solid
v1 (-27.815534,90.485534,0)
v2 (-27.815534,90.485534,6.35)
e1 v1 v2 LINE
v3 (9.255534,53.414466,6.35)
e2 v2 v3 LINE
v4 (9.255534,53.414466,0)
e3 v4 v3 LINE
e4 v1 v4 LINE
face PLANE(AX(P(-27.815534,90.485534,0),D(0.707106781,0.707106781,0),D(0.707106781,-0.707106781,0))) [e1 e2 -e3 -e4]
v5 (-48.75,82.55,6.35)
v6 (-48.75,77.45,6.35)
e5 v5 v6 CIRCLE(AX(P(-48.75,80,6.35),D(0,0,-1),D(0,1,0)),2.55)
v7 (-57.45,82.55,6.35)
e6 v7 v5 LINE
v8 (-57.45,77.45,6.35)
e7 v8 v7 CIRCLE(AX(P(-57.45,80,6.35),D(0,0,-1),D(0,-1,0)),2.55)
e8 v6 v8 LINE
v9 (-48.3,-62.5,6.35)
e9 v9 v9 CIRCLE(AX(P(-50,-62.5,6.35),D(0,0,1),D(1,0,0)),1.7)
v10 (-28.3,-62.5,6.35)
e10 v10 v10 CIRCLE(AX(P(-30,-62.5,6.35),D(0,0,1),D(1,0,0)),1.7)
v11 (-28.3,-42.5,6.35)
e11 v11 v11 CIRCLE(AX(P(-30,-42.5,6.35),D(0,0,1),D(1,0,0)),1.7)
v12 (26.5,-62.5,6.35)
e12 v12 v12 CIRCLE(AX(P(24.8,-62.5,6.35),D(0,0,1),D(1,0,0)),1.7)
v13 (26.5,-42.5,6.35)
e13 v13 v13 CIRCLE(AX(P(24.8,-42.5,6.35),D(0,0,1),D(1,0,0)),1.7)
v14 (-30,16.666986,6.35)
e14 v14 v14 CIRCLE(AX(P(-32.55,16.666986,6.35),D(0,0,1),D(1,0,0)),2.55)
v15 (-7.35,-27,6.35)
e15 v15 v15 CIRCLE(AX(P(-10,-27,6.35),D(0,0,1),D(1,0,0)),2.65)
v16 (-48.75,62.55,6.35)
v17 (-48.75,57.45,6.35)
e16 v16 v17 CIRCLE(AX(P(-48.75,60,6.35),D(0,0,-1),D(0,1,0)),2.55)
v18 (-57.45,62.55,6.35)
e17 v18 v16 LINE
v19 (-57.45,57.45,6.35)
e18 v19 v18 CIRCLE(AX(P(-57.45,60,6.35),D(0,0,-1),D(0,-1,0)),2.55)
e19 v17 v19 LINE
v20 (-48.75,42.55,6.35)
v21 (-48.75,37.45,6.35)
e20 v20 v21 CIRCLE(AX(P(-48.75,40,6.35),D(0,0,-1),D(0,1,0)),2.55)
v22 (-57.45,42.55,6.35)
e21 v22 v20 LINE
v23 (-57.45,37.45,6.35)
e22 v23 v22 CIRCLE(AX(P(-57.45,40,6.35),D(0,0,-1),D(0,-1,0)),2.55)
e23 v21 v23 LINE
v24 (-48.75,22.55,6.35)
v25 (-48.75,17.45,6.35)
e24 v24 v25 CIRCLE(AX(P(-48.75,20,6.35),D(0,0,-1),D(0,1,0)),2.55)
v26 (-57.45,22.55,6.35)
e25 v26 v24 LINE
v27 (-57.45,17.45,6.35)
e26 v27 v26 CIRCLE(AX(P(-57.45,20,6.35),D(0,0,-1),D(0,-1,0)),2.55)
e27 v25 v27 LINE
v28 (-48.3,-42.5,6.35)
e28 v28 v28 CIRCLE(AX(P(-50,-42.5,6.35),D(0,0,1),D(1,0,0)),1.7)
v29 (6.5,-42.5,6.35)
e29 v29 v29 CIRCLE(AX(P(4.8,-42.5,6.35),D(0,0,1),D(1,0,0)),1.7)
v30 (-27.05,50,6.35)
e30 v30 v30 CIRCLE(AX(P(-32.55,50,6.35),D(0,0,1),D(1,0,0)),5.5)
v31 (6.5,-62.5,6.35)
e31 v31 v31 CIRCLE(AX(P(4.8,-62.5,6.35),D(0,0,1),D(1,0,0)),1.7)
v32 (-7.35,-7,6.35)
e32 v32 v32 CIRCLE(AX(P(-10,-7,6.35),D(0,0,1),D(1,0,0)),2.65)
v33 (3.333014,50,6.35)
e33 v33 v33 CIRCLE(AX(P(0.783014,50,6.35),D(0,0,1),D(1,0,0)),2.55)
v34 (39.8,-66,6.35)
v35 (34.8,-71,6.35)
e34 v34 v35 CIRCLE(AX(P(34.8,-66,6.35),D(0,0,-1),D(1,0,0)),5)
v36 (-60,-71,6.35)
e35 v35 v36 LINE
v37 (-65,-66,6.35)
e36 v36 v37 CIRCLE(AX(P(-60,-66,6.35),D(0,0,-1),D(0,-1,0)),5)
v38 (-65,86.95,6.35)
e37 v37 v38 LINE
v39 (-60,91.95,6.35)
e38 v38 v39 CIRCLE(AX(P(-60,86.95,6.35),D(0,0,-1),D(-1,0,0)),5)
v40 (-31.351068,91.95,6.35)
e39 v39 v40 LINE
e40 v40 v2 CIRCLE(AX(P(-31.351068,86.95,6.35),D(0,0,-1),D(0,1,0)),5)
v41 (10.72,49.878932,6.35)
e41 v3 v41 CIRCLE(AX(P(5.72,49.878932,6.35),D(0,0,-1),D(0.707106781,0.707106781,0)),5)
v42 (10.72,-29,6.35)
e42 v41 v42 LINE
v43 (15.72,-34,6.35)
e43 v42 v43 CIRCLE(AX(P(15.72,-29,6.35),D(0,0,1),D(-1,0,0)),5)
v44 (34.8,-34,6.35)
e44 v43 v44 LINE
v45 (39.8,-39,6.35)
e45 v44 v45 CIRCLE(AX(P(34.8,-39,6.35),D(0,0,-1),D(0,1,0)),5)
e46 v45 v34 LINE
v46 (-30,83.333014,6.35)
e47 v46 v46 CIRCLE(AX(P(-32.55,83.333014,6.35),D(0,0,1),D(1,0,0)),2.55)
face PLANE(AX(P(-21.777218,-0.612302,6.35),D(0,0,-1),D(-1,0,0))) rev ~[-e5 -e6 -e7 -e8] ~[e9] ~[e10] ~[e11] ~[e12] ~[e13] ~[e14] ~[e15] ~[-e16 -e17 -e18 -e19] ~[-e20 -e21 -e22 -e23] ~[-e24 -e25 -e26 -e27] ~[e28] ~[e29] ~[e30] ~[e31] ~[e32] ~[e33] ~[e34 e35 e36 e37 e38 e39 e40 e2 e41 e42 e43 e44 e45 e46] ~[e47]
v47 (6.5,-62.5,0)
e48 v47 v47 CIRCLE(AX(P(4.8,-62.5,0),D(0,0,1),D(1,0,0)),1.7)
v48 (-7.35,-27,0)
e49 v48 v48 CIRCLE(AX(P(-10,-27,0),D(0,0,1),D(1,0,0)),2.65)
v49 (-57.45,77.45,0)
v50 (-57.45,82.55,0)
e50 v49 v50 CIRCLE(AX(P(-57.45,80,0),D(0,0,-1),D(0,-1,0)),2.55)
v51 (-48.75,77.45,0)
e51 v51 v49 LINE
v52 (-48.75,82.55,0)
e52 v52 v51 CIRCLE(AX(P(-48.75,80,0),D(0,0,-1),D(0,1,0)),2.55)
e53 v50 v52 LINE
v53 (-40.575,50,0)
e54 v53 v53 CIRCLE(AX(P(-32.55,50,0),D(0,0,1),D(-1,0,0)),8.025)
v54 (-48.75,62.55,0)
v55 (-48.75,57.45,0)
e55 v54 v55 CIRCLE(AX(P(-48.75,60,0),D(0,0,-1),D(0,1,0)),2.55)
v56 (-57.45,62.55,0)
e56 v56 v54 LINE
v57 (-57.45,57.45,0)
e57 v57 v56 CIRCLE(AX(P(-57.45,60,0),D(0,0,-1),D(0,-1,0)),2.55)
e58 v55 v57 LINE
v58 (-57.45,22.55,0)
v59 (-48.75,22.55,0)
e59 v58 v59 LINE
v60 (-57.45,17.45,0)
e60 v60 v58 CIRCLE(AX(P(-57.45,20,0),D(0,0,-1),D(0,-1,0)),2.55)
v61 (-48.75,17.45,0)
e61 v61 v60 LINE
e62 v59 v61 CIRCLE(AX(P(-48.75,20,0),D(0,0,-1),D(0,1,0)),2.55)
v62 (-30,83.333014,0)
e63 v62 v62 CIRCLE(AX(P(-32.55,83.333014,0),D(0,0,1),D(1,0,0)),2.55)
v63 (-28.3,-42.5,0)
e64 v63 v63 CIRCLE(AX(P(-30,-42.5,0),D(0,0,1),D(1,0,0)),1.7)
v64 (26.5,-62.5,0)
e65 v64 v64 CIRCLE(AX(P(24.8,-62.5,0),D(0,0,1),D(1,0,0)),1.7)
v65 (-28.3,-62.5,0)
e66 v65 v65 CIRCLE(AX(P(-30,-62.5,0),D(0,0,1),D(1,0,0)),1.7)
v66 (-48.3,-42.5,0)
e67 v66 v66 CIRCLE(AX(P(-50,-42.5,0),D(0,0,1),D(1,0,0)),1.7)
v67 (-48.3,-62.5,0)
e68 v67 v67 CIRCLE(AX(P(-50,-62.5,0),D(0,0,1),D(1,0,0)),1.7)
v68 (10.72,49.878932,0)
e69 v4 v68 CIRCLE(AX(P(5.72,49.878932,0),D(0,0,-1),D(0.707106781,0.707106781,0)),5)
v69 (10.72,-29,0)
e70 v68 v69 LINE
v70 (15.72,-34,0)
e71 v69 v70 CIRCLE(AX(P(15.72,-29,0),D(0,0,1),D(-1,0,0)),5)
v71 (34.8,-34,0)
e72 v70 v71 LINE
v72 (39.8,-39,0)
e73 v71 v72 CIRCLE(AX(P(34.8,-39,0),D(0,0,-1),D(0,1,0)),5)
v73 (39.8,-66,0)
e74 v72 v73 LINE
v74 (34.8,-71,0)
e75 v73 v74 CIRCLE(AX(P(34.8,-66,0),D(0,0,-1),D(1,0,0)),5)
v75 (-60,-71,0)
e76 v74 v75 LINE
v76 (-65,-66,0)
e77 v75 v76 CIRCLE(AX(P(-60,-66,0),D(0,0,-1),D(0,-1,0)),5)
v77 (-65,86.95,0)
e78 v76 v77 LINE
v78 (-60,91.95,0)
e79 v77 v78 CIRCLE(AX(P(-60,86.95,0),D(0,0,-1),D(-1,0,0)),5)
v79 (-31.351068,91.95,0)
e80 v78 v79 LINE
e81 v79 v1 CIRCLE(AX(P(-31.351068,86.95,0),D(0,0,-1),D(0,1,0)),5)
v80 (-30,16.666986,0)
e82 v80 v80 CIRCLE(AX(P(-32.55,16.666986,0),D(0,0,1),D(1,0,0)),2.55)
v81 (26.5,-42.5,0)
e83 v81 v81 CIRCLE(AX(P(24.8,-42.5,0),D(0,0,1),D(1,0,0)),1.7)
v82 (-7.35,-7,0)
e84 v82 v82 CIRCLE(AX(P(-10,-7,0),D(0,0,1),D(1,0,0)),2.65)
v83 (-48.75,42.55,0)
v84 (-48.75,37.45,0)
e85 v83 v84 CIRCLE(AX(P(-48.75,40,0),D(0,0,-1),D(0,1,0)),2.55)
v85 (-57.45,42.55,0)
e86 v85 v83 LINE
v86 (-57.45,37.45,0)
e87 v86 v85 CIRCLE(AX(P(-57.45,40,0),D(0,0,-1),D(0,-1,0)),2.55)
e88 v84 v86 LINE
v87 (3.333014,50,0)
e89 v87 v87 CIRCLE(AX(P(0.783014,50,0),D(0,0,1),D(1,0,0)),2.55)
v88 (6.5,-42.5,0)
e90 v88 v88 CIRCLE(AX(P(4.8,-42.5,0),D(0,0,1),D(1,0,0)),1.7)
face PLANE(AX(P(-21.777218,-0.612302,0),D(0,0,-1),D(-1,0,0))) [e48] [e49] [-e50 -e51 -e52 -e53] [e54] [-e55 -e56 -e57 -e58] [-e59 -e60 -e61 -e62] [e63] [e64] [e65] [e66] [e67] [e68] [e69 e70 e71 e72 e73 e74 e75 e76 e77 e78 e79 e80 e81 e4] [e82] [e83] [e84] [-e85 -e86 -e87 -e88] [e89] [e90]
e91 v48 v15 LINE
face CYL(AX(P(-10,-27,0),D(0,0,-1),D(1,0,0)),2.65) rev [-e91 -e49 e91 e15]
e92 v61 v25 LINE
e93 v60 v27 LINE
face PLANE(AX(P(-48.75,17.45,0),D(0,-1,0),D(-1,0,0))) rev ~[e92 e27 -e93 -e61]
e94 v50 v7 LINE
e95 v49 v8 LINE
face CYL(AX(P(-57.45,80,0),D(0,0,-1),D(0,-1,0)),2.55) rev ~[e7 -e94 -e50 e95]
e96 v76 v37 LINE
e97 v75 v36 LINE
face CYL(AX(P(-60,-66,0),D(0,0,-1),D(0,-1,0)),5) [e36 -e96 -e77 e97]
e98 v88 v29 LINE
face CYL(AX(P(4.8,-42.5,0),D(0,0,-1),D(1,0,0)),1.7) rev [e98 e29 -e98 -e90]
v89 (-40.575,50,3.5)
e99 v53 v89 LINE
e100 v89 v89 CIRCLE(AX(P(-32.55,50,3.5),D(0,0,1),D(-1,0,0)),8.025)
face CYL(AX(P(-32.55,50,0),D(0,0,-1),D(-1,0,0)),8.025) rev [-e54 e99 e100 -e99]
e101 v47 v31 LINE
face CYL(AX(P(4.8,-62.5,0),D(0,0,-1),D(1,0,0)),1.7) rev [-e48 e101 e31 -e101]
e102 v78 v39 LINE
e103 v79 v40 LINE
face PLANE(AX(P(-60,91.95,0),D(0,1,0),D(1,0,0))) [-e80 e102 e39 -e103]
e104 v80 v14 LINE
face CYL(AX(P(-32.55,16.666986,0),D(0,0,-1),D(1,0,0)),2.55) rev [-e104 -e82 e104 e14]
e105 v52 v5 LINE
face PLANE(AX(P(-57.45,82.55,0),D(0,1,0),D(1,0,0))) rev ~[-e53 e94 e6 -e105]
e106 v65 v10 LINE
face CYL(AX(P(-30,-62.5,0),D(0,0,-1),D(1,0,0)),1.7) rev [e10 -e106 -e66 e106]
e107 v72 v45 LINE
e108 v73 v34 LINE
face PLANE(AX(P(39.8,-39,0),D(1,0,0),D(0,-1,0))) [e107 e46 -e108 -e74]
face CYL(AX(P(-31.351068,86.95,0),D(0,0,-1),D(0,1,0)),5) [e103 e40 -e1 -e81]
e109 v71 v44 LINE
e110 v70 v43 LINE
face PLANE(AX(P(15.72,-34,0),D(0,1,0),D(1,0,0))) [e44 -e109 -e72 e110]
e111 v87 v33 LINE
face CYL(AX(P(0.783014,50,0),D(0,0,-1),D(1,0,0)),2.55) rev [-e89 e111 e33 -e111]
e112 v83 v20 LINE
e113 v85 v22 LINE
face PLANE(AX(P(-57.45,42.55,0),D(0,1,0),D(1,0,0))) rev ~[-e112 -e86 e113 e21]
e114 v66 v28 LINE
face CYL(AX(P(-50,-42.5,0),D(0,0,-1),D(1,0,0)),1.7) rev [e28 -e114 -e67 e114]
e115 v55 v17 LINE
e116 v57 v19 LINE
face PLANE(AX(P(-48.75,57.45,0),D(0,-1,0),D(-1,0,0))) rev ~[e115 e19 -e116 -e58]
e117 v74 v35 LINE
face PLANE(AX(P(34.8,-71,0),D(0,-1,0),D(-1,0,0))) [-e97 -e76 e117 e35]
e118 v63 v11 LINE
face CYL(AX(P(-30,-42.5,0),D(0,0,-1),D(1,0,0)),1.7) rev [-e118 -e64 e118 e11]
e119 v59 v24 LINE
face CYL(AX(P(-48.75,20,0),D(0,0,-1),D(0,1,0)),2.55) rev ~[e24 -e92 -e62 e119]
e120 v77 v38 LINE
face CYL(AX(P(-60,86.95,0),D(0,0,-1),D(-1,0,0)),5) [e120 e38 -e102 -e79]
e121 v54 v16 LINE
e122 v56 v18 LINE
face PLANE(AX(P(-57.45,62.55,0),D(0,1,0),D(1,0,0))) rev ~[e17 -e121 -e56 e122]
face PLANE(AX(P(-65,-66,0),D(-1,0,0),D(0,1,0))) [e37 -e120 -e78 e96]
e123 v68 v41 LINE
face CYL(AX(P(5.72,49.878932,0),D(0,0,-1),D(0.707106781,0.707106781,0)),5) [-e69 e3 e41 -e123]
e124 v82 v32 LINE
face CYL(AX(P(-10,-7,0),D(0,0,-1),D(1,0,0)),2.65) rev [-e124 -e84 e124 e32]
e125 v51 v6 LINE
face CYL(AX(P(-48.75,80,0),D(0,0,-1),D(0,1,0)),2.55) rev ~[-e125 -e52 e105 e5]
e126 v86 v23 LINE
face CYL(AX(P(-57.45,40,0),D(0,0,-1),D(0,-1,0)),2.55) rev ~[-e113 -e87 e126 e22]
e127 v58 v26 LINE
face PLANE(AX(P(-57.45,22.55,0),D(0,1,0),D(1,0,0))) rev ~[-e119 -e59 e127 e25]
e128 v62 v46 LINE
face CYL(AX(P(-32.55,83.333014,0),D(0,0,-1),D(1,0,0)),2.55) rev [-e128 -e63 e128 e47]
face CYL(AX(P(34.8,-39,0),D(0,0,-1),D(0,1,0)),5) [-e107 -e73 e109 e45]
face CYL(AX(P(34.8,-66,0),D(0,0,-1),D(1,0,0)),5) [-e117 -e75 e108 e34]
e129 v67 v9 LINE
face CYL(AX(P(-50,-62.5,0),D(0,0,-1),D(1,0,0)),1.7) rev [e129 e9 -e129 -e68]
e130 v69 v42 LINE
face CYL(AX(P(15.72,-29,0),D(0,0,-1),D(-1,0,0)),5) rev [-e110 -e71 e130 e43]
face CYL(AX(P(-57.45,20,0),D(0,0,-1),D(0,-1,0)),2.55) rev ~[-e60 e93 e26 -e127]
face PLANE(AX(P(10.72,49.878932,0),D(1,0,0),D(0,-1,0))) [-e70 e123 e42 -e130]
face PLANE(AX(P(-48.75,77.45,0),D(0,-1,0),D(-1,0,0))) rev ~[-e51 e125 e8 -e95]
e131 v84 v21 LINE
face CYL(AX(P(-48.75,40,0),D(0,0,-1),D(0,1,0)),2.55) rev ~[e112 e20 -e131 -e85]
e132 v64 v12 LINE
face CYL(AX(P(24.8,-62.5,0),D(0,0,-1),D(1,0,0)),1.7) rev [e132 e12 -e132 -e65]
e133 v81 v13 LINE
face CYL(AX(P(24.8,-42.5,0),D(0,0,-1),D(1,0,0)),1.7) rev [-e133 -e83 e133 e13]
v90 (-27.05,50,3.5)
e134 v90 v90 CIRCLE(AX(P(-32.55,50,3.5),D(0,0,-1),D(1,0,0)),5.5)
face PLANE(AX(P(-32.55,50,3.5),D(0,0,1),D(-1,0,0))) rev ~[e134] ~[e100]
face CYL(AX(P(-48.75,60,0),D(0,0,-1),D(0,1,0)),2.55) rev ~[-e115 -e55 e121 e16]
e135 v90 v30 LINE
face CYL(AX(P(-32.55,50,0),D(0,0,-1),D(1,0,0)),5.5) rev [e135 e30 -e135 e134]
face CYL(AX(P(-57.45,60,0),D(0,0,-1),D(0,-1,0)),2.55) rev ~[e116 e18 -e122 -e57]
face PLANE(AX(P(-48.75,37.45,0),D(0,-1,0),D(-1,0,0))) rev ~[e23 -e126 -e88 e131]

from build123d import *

# Parameters (mm, degrees)
CROQUIS1_R          = 1.7
CROQUIS1_R_2        = 2.65
CROQUIS1_R_3        = 5.5
CROQUIS1_R_4        = 2.55
EXTRUDE_1_DEPTH     = 6.35
EXTRUDE_START       = -6.35
CROQUIS2_R          = 8.025
EXTRUDE_CUT_1_DEPTH = 3.5


with BuildPart() as part:
    # Croquis1 → Extrude 1 (new body)
    with BuildSketch(Plane.XY):
        with BuildLine():
            Line((-65, -34), (-65, 86.95))
            ThreePointArc((-65, 86.95), (-63.535533906, 90.485533906), (-60, 91.95))
            Line((-60, 91.95), (-31.351067812, 91.95))
            ThreePointArc((-31.351067812, 91.95), (-29.43765065, 91.569397663), (-27.815533906, 90.485533906))
            Line((-27.815533906, 90.485533906), (9.255533906, 53.414466094))
            ThreePointArc((9.255533906, 53.414466094), (10.339397663, 51.79234935), (10.72, 49.878932188))
            Line((10.72, 49.878932188), (10.72, -29))
            ThreePointArc((10.72, -29), (12.184466094, -32.535533906), (15.72, -34))
            Line((15.72, -34), (34.8, -34))
            ThreePointArc((34.8, -34), (38.335533906, -35.464466094), (39.8, -39))
            Line((39.8, -39), (39.8, -66))
            ThreePointArc((39.8, -66), (38.335533906, -69.535533906), (34.8, -71))
            Line((34.8, -71), (-60, -71))
            ThreePointArc((-60, -71), (-63.535533906, -69.535533906), (-65, -66))
            Line((-65, -66), (-65, -34))
        make_face()
        with Locations((-50, -42.5)):
            Circle(CROQUIS1_R, mode=Mode.SUBTRACT)
        with Locations((-30, -42.5)):
            Circle(CROQUIS1_R, mode=Mode.SUBTRACT)
        with Locations((-30, -62.5)):
            Circle(CROQUIS1_R, mode=Mode.SUBTRACT)
        with Locations((-50, -62.5)):
            Circle(CROQUIS1_R, mode=Mode.SUBTRACT)
        with Locations((4.8, -62.5)):
            Circle(CROQUIS1_R, mode=Mode.SUBTRACT)
        with Locations((4.8, -42.5)):
            Circle(CROQUIS1_R, mode=Mode.SUBTRACT)
        with Locations((24.8, -42.5)):
            Circle(CROQUIS1_R, mode=Mode.SUBTRACT)
        with Locations((24.8, -62.5)):
            Circle(CROQUIS1_R, mode=Mode.SUBTRACT)
        with Locations((-10, -7)):
            Circle(CROQUIS1_R_2, mode=Mode.SUBTRACT)
        with Locations((-10, -27)):
            Circle(CROQUIS1_R_2, mode=Mode.SUBTRACT)
        with Locations((-32.55, 50)):
            Circle(CROQUIS1_R_3, mode=Mode.SUBTRACT)
        with Locations((-32.55, 16.666986335)):
            Circle(CROQUIS1_R_4, mode=Mode.SUBTRACT)
        with Locations((-32.55, 83.333013665)):
            Circle(CROQUIS1_R_4, mode=Mode.SUBTRACT)
        with Locations((0.783013665, 50)):
            Circle(CROQUIS1_R_4, mode=Mode.SUBTRACT)
        with BuildLine():
            Line((-57.45, 22.55), (-48.75, 22.55))
            ThreePointArc((-48.75, 22.55), (-46.2, 20), (-48.75, 17.45))
            Line((-48.75, 17.45), (-57.45, 17.45))
            ThreePointArc((-57.45, 17.45), (-60, 20), (-57.45, 22.55))
        make_face(mode=Mode.SUBTRACT)
        with BuildLine():
            Line((-57.45, 82.55), (-48.75, 82.55))
            ThreePointArc((-48.75, 82.55), (-46.2, 80), (-48.75, 77.45))
            Line((-48.75, 77.45), (-57.45, 77.45))
            ThreePointArc((-57.45, 77.45), (-60, 80), (-57.45, 82.55))
        make_face(mode=Mode.SUBTRACT)
        with BuildLine():
            Line((-57.45, 62.55), (-48.75, 62.55))
            ThreePointArc((-48.75, 62.55), (-46.2, 60), (-48.75, 57.45))
            Line((-48.75, 57.45), (-57.45, 57.45))
            ThreePointArc((-57.45, 57.45), (-60, 60), (-57.45, 62.55))
        make_face(mode=Mode.SUBTRACT)
        with BuildLine():
            Line((-57.45, 42.55), (-48.75, 42.55))
            ThreePointArc((-48.75, 42.55), (-46.2, 40), (-48.75, 37.45))
            Line((-48.75, 37.45), (-57.45, 37.45))
            ThreePointArc((-57.45, 37.45), (-60, 40), (-57.45, 42.55))
        make_face(mode=Mode.SUBTRACT)
    extrude(amount=EXTRUDE_1_DEPTH)

    # Croquis2 → Extrude Cut 1 (cut)
    with BuildSketch(Plane.XY.offset(6.35).offset(EXTRUDE_START)):
        with Locations(Location((-32.55, 50, 0), (0, 0, 180))):
            Circle(CROQUIS2_R)
    extrude(amount=EXTRUDE_CUT_1_DEPTH, mode=Mode.SUBTRACT)


solid = part.part
